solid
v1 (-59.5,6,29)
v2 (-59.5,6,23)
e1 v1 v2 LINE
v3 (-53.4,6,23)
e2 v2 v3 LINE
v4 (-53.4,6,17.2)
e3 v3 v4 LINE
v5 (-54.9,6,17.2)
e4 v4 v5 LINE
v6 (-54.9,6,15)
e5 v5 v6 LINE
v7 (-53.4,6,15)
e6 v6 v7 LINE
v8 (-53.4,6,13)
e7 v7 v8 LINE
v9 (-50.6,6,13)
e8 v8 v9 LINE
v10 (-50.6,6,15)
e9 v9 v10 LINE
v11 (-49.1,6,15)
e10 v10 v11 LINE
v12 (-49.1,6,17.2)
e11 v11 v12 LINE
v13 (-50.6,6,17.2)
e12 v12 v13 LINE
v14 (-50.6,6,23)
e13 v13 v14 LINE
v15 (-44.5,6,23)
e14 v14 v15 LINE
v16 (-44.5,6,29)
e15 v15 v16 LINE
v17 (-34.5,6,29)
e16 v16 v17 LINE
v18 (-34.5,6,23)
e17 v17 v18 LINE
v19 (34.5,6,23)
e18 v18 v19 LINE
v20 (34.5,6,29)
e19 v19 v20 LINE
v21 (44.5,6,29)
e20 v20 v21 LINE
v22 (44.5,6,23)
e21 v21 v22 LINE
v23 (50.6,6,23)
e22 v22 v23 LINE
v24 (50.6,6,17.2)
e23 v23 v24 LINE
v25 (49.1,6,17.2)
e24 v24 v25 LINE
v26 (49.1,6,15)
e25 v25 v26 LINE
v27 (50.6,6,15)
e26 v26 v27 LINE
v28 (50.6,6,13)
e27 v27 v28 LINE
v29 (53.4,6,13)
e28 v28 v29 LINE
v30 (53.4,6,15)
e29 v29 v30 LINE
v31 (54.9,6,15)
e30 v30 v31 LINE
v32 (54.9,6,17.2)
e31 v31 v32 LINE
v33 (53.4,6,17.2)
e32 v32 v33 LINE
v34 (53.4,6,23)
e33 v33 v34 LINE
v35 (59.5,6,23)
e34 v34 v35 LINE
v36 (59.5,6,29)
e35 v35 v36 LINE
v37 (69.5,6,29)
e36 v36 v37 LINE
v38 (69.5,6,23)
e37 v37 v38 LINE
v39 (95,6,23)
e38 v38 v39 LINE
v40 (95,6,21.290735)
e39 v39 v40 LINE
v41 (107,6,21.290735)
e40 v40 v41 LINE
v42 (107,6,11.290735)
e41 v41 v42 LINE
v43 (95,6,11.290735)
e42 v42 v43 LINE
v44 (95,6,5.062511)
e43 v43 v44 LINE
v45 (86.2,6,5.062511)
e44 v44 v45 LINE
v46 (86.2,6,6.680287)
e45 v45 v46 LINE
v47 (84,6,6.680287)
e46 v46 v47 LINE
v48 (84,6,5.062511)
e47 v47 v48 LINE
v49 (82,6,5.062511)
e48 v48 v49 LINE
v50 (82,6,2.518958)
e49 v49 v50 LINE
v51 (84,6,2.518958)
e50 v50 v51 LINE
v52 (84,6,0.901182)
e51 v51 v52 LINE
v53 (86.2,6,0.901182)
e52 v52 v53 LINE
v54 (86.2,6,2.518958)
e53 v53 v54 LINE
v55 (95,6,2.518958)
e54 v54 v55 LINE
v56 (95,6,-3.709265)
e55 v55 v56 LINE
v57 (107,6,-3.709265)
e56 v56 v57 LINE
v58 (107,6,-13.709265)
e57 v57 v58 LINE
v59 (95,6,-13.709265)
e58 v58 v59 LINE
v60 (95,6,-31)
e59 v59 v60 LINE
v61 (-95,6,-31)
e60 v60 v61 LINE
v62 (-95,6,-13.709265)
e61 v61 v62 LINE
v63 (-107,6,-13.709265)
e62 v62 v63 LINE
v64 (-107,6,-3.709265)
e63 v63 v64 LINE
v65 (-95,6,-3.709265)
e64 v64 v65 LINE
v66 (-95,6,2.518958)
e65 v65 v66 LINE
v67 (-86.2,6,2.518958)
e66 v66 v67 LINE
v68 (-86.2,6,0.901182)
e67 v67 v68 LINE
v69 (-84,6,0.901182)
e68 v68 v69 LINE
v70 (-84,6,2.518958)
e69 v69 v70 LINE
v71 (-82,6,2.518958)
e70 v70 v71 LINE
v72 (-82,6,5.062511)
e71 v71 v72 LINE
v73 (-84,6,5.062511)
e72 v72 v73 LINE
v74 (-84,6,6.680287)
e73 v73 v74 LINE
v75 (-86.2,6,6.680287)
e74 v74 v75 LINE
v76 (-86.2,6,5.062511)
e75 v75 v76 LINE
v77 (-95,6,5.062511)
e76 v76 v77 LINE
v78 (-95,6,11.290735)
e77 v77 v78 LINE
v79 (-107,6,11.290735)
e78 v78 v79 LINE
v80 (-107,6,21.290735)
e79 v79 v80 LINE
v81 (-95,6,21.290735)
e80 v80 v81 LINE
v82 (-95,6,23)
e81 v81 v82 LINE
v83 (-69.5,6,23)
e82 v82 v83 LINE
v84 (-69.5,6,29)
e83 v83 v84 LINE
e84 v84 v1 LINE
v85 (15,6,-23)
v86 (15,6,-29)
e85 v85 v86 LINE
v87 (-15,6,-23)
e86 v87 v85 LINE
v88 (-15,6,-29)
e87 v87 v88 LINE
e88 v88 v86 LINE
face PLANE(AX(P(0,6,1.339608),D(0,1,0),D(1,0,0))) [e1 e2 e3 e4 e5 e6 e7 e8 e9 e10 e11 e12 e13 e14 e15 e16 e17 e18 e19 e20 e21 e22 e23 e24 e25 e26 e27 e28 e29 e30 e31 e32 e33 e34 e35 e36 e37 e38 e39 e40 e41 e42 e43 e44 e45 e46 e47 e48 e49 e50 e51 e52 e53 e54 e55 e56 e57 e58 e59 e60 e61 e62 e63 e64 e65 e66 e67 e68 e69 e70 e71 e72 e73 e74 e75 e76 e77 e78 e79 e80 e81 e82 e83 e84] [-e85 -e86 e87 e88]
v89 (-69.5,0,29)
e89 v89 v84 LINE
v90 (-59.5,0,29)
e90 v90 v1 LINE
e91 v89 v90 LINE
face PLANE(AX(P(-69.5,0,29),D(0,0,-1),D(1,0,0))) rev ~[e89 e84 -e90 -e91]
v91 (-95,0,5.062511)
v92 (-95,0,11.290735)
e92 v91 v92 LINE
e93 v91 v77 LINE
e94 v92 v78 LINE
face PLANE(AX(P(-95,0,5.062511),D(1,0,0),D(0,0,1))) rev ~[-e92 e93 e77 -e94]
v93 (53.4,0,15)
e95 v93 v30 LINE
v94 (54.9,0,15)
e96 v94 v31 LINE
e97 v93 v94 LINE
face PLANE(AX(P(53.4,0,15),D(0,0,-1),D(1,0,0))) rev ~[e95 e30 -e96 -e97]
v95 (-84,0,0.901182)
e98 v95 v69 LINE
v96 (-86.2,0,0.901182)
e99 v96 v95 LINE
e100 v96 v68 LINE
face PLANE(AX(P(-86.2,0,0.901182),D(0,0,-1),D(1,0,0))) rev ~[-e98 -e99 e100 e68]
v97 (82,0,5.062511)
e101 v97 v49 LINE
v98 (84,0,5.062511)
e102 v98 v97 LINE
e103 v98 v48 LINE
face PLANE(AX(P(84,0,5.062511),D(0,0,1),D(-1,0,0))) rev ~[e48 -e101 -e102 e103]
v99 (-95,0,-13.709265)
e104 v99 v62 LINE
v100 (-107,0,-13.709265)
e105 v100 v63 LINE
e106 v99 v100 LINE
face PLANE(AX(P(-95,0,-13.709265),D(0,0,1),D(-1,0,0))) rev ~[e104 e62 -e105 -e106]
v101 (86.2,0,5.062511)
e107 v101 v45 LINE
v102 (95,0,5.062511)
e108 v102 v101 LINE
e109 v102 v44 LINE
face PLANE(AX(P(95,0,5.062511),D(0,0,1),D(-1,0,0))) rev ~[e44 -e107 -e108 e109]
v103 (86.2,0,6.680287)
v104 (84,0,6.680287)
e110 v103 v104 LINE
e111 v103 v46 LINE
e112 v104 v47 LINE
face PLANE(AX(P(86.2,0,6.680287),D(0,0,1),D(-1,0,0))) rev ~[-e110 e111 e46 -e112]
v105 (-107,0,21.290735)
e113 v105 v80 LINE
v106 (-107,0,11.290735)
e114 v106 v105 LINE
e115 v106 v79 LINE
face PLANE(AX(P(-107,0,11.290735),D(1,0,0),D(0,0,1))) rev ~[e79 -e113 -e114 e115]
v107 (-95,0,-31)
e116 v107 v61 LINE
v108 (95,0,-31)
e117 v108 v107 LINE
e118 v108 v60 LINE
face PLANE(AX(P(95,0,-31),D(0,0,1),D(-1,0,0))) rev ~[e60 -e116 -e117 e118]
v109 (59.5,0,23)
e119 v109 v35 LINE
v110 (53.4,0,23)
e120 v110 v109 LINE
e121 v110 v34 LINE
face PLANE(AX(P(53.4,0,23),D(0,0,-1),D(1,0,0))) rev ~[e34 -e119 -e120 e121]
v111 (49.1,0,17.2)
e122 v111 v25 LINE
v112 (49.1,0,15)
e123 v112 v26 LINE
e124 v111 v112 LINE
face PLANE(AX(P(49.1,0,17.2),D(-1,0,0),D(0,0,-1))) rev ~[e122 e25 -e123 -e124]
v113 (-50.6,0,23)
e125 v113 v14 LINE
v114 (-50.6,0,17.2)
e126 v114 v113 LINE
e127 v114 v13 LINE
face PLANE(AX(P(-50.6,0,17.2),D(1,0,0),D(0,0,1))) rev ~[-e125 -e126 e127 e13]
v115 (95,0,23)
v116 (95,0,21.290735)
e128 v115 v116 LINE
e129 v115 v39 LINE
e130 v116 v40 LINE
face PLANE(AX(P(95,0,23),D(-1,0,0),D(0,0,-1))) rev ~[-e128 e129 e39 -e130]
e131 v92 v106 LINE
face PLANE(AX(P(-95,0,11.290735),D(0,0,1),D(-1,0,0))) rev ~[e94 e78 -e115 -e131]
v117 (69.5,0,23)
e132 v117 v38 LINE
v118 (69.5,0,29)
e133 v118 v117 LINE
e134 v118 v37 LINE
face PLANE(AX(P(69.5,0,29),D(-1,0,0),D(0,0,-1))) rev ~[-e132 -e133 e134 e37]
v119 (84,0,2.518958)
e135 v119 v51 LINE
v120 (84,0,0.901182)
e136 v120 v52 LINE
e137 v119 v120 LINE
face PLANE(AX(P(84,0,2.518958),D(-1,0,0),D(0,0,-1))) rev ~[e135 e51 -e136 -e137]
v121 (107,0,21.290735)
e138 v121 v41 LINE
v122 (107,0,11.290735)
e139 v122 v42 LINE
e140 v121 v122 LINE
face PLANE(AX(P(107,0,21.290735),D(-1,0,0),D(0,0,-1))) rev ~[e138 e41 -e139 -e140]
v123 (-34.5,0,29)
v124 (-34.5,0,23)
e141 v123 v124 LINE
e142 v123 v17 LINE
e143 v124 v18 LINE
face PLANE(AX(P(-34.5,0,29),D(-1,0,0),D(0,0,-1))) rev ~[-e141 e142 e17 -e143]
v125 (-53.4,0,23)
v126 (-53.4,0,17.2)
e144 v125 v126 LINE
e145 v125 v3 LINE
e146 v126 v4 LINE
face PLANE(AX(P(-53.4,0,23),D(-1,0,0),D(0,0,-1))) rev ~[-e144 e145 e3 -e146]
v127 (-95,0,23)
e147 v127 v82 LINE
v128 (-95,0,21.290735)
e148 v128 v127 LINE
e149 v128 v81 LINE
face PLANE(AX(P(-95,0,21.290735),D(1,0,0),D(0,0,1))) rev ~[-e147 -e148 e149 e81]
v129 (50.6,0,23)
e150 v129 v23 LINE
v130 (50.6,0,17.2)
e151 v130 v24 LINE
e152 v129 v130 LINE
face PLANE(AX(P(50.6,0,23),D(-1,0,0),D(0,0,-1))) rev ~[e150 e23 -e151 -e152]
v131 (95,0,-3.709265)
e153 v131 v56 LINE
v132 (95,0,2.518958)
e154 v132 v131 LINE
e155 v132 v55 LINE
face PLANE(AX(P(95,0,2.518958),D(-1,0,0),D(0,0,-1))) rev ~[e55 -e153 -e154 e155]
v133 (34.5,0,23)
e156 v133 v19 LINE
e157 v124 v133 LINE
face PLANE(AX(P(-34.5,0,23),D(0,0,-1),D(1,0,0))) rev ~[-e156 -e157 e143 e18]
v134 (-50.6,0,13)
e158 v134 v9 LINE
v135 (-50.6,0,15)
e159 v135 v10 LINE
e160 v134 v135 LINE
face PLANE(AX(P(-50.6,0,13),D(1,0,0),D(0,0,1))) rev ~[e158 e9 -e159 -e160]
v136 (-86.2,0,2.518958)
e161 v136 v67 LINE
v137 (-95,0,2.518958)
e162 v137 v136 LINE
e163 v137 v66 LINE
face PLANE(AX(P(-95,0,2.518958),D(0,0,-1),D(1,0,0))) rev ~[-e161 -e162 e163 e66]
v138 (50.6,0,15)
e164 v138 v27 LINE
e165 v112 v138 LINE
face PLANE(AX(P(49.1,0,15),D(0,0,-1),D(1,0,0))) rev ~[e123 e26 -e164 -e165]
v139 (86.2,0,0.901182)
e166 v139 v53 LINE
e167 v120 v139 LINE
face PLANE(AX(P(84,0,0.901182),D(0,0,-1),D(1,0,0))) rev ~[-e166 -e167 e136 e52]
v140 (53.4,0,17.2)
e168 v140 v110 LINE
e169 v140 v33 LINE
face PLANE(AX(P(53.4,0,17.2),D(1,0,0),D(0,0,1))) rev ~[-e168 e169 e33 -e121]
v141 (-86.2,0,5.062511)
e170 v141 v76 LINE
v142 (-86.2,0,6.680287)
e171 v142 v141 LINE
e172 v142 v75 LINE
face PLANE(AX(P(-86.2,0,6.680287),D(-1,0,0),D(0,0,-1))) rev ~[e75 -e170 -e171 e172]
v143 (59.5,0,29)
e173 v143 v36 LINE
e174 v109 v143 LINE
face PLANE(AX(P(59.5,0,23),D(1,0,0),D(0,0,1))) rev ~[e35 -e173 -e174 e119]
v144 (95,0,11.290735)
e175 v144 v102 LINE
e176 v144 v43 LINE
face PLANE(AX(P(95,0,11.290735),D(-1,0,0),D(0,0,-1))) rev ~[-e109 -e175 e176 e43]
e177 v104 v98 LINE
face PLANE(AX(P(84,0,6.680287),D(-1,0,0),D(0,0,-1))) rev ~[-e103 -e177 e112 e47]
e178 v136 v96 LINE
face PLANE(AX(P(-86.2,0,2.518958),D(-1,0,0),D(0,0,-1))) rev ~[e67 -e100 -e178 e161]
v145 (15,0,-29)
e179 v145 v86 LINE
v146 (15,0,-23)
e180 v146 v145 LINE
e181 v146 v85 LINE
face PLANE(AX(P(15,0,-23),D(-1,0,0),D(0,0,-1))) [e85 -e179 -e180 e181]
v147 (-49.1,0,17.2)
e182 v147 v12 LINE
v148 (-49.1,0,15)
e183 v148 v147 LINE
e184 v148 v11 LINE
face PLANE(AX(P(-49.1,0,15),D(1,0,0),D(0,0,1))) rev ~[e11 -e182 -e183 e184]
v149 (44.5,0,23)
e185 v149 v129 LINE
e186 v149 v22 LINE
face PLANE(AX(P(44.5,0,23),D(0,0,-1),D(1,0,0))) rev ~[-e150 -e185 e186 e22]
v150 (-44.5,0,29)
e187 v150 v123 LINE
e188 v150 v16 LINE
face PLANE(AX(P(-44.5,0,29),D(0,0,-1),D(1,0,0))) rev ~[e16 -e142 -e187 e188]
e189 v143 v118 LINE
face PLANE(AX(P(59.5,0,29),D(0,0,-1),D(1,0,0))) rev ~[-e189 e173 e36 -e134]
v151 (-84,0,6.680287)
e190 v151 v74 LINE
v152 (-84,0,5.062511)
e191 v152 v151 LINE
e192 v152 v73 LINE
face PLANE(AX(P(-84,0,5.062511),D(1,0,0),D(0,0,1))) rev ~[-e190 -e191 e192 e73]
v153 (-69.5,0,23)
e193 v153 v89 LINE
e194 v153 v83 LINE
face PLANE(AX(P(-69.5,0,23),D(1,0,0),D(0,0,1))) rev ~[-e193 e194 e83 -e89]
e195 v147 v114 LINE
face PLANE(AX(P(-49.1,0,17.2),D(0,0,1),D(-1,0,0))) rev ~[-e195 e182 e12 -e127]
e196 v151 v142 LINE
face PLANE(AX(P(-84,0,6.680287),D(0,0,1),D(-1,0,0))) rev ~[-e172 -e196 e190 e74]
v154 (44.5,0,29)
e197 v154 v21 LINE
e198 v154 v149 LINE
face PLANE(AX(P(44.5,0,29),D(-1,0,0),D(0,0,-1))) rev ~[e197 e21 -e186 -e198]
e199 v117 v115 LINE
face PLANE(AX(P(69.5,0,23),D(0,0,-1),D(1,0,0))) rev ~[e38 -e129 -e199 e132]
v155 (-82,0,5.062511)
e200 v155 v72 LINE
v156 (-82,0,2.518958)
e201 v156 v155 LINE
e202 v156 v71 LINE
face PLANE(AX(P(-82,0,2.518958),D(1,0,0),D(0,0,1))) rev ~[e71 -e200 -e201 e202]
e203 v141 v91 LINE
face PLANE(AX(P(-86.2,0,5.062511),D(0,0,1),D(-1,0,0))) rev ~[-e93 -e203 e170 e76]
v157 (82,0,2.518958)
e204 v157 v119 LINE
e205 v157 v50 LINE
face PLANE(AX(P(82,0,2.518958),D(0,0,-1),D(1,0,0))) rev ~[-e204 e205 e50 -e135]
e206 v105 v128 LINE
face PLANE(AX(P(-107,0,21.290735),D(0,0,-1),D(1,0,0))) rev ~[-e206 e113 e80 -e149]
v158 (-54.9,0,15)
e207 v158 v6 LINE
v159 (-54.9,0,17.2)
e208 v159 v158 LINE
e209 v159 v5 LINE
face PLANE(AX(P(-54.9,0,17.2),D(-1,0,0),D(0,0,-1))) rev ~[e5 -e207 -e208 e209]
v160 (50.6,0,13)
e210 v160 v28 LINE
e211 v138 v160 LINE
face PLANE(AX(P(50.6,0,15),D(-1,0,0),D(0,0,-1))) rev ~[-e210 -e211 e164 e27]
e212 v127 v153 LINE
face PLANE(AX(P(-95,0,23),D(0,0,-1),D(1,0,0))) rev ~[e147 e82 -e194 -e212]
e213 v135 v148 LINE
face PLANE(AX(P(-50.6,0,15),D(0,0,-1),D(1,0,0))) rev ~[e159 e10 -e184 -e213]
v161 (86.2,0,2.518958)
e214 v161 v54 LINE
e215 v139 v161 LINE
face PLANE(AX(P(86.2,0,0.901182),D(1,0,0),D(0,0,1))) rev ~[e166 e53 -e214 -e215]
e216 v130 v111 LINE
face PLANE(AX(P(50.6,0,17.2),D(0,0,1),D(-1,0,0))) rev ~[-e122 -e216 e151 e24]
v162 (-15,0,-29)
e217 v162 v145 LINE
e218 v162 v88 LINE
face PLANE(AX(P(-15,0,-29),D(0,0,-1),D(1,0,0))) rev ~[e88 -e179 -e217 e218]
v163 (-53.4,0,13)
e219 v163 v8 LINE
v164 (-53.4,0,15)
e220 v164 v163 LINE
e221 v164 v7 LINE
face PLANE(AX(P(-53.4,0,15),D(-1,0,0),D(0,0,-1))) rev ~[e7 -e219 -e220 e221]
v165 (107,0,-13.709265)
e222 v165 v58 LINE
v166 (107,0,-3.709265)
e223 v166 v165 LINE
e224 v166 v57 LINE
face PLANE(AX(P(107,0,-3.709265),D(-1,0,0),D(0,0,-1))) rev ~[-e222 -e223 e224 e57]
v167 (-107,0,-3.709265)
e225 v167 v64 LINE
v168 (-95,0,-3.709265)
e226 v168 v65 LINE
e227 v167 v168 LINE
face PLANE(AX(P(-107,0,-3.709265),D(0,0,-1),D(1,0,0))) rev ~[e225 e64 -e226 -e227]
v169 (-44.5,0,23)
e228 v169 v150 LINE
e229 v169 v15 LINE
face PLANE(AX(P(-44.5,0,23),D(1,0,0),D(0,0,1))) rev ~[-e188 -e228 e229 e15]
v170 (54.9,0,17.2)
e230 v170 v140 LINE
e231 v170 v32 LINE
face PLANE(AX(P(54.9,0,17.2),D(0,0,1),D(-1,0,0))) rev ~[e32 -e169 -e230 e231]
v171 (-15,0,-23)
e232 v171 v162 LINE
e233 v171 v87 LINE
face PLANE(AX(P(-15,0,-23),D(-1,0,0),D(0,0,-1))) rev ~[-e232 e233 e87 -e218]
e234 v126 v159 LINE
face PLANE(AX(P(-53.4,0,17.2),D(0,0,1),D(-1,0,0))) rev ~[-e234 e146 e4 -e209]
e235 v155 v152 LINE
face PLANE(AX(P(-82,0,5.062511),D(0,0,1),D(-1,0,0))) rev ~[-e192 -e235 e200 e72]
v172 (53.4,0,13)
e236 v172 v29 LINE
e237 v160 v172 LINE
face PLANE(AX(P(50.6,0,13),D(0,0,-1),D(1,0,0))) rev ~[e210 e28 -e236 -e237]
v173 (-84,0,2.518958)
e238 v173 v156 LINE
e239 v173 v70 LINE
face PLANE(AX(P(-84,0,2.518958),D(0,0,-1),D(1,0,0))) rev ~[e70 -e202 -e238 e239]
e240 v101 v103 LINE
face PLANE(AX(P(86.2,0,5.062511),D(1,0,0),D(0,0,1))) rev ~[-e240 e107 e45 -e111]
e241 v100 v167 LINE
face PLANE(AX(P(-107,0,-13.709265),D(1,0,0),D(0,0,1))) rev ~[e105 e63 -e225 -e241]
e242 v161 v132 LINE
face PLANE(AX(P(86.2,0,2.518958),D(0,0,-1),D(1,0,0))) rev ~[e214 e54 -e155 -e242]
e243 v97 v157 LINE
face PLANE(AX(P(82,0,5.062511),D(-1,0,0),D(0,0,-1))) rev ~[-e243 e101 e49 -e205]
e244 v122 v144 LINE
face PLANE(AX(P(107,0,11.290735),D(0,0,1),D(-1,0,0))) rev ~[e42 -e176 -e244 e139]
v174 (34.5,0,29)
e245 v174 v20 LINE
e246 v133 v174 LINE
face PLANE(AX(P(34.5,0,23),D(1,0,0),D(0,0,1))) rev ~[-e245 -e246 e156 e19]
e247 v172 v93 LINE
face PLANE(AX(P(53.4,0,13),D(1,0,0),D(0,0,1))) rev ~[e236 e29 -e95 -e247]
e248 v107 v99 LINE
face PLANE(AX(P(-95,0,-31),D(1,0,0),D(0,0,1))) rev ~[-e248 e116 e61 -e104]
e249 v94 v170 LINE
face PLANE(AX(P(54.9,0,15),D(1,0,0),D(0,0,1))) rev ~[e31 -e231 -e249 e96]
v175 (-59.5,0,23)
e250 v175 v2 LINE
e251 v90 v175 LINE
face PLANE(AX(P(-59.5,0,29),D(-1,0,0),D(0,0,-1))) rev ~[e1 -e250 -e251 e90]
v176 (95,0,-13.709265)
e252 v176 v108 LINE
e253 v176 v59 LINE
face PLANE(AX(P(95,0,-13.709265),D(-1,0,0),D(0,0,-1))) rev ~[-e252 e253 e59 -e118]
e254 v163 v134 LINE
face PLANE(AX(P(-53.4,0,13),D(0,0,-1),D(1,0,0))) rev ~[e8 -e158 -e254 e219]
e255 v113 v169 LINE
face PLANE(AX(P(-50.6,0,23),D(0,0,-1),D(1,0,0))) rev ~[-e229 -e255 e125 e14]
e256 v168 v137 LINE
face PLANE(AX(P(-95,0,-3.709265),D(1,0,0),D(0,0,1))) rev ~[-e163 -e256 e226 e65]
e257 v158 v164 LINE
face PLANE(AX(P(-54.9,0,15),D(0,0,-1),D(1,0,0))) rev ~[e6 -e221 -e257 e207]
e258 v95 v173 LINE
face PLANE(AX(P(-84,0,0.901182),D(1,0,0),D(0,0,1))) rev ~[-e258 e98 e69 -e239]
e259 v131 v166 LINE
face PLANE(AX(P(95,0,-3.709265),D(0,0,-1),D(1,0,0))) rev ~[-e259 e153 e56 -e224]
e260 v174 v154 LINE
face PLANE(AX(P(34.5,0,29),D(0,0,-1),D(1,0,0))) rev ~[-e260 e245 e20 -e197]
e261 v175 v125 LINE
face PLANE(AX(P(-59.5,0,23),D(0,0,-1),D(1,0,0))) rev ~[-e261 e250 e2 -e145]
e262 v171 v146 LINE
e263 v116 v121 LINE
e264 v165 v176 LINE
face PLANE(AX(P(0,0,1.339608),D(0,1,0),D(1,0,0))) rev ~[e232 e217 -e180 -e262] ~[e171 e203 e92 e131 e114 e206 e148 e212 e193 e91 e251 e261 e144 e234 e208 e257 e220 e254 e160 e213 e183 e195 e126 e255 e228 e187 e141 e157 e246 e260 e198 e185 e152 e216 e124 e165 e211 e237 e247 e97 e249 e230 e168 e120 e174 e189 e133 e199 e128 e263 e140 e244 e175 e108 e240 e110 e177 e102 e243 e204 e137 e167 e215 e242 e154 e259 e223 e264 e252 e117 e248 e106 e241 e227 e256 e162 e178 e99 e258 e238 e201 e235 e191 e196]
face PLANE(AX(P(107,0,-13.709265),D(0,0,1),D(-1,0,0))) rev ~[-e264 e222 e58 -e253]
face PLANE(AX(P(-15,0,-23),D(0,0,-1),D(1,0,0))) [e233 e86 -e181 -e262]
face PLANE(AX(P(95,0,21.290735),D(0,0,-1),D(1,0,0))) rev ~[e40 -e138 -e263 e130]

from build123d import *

# Parameters (mm, degrees)
SKETCH_1_W      = 30
SKETCH_1_H      = 6
EXTRUDE_1_DEPTH = 6


with BuildPart() as part:
    # Эскиз1 → Бобышка-Вытянуть1 (new body)
    with BuildSketch(Plane(origin=(0, 0, 0), x_dir=(1, 0, 0), z_dir=(0, 1, 0))):
        Polygon((-95, 23), (-95, 13.709265489), (-107, 13.709265489), (-107, 3.709265489), (-95, 3.709265489), (-95, -2.518957871), (-86.2, -2.518957871), (-86.2, -0.901182203), (-84, -0.901182203), (-84, -2.518957871), (-82, -2.518957871), (-82, -5.062511151), (-84, -5.062511151), (-84, -6.68028682), (-86.2, -6.68028682), (-86.2, -5.062511151), (-95, -5.062511151), (-95, -11.290734511), (-107, -11.290734511), (-107, -21.290734511), (-95, -21.290734511), (-95, -23), (-69.5, -23), (-69.5, -29), (-59.5, -29), (-59.5, -23), (-53.4, -23), (-53.4, -17.2), (-54.9, -17.2), (-54.9, -15), (-53.4, -15), (-53.4, -13), (-50.6, -13), (-50.6, -15), (-49.1, -15), (-49.1, -17.2), (-50.6, -17.2), (-50.6, -23), (-44.5, -23), (-44.5, -29), (-34.5, -29), (-34.5, -23), (34.5, -23), (34.5, -29), (44.5, -29), (44.5, -23), (50.6, -23), (50.6, -17.2), (49.1, -17.2), (49.1, -15), (50.6, -15), (50.6, -13), (53.4, -13), (53.4, -15), (54.9, -15), (54.9, -17.2), (53.4, -17.2), (53.4, -23), (59.5, -23), (59.5, -29), (69.5, -29), (69.5, -23), (95, -23), (95, -21.290734511), (107, -21.290734511), (107, -11.290734511), (95, -11.290734511), (95, -5.062511151), (86.2, -5.062511151), (86.2, -6.68028682), (84, -6.68028682), (84, -5.062511151), (82, -5.062511151), (82, -2.518957871), (84, -2.518957871), (84, -0.901182203), (86.2, -0.901182203), (86.2, -2.518957871), (95, -2.518957871), (95, 3.709265489), (107, 3.709265489), (107, 13.709265489), (95, 13.709265489), (95, 23), (95, 31), (-95, 31), align=None)
        with Locations((0, 26)):
            Rectangle(SKETCH_1_W, SKETCH_1_H, mode=Mode.SUBTRACT)
    extrude(amount=EXTRUDE_1_DEPTH)


solid = part.part
